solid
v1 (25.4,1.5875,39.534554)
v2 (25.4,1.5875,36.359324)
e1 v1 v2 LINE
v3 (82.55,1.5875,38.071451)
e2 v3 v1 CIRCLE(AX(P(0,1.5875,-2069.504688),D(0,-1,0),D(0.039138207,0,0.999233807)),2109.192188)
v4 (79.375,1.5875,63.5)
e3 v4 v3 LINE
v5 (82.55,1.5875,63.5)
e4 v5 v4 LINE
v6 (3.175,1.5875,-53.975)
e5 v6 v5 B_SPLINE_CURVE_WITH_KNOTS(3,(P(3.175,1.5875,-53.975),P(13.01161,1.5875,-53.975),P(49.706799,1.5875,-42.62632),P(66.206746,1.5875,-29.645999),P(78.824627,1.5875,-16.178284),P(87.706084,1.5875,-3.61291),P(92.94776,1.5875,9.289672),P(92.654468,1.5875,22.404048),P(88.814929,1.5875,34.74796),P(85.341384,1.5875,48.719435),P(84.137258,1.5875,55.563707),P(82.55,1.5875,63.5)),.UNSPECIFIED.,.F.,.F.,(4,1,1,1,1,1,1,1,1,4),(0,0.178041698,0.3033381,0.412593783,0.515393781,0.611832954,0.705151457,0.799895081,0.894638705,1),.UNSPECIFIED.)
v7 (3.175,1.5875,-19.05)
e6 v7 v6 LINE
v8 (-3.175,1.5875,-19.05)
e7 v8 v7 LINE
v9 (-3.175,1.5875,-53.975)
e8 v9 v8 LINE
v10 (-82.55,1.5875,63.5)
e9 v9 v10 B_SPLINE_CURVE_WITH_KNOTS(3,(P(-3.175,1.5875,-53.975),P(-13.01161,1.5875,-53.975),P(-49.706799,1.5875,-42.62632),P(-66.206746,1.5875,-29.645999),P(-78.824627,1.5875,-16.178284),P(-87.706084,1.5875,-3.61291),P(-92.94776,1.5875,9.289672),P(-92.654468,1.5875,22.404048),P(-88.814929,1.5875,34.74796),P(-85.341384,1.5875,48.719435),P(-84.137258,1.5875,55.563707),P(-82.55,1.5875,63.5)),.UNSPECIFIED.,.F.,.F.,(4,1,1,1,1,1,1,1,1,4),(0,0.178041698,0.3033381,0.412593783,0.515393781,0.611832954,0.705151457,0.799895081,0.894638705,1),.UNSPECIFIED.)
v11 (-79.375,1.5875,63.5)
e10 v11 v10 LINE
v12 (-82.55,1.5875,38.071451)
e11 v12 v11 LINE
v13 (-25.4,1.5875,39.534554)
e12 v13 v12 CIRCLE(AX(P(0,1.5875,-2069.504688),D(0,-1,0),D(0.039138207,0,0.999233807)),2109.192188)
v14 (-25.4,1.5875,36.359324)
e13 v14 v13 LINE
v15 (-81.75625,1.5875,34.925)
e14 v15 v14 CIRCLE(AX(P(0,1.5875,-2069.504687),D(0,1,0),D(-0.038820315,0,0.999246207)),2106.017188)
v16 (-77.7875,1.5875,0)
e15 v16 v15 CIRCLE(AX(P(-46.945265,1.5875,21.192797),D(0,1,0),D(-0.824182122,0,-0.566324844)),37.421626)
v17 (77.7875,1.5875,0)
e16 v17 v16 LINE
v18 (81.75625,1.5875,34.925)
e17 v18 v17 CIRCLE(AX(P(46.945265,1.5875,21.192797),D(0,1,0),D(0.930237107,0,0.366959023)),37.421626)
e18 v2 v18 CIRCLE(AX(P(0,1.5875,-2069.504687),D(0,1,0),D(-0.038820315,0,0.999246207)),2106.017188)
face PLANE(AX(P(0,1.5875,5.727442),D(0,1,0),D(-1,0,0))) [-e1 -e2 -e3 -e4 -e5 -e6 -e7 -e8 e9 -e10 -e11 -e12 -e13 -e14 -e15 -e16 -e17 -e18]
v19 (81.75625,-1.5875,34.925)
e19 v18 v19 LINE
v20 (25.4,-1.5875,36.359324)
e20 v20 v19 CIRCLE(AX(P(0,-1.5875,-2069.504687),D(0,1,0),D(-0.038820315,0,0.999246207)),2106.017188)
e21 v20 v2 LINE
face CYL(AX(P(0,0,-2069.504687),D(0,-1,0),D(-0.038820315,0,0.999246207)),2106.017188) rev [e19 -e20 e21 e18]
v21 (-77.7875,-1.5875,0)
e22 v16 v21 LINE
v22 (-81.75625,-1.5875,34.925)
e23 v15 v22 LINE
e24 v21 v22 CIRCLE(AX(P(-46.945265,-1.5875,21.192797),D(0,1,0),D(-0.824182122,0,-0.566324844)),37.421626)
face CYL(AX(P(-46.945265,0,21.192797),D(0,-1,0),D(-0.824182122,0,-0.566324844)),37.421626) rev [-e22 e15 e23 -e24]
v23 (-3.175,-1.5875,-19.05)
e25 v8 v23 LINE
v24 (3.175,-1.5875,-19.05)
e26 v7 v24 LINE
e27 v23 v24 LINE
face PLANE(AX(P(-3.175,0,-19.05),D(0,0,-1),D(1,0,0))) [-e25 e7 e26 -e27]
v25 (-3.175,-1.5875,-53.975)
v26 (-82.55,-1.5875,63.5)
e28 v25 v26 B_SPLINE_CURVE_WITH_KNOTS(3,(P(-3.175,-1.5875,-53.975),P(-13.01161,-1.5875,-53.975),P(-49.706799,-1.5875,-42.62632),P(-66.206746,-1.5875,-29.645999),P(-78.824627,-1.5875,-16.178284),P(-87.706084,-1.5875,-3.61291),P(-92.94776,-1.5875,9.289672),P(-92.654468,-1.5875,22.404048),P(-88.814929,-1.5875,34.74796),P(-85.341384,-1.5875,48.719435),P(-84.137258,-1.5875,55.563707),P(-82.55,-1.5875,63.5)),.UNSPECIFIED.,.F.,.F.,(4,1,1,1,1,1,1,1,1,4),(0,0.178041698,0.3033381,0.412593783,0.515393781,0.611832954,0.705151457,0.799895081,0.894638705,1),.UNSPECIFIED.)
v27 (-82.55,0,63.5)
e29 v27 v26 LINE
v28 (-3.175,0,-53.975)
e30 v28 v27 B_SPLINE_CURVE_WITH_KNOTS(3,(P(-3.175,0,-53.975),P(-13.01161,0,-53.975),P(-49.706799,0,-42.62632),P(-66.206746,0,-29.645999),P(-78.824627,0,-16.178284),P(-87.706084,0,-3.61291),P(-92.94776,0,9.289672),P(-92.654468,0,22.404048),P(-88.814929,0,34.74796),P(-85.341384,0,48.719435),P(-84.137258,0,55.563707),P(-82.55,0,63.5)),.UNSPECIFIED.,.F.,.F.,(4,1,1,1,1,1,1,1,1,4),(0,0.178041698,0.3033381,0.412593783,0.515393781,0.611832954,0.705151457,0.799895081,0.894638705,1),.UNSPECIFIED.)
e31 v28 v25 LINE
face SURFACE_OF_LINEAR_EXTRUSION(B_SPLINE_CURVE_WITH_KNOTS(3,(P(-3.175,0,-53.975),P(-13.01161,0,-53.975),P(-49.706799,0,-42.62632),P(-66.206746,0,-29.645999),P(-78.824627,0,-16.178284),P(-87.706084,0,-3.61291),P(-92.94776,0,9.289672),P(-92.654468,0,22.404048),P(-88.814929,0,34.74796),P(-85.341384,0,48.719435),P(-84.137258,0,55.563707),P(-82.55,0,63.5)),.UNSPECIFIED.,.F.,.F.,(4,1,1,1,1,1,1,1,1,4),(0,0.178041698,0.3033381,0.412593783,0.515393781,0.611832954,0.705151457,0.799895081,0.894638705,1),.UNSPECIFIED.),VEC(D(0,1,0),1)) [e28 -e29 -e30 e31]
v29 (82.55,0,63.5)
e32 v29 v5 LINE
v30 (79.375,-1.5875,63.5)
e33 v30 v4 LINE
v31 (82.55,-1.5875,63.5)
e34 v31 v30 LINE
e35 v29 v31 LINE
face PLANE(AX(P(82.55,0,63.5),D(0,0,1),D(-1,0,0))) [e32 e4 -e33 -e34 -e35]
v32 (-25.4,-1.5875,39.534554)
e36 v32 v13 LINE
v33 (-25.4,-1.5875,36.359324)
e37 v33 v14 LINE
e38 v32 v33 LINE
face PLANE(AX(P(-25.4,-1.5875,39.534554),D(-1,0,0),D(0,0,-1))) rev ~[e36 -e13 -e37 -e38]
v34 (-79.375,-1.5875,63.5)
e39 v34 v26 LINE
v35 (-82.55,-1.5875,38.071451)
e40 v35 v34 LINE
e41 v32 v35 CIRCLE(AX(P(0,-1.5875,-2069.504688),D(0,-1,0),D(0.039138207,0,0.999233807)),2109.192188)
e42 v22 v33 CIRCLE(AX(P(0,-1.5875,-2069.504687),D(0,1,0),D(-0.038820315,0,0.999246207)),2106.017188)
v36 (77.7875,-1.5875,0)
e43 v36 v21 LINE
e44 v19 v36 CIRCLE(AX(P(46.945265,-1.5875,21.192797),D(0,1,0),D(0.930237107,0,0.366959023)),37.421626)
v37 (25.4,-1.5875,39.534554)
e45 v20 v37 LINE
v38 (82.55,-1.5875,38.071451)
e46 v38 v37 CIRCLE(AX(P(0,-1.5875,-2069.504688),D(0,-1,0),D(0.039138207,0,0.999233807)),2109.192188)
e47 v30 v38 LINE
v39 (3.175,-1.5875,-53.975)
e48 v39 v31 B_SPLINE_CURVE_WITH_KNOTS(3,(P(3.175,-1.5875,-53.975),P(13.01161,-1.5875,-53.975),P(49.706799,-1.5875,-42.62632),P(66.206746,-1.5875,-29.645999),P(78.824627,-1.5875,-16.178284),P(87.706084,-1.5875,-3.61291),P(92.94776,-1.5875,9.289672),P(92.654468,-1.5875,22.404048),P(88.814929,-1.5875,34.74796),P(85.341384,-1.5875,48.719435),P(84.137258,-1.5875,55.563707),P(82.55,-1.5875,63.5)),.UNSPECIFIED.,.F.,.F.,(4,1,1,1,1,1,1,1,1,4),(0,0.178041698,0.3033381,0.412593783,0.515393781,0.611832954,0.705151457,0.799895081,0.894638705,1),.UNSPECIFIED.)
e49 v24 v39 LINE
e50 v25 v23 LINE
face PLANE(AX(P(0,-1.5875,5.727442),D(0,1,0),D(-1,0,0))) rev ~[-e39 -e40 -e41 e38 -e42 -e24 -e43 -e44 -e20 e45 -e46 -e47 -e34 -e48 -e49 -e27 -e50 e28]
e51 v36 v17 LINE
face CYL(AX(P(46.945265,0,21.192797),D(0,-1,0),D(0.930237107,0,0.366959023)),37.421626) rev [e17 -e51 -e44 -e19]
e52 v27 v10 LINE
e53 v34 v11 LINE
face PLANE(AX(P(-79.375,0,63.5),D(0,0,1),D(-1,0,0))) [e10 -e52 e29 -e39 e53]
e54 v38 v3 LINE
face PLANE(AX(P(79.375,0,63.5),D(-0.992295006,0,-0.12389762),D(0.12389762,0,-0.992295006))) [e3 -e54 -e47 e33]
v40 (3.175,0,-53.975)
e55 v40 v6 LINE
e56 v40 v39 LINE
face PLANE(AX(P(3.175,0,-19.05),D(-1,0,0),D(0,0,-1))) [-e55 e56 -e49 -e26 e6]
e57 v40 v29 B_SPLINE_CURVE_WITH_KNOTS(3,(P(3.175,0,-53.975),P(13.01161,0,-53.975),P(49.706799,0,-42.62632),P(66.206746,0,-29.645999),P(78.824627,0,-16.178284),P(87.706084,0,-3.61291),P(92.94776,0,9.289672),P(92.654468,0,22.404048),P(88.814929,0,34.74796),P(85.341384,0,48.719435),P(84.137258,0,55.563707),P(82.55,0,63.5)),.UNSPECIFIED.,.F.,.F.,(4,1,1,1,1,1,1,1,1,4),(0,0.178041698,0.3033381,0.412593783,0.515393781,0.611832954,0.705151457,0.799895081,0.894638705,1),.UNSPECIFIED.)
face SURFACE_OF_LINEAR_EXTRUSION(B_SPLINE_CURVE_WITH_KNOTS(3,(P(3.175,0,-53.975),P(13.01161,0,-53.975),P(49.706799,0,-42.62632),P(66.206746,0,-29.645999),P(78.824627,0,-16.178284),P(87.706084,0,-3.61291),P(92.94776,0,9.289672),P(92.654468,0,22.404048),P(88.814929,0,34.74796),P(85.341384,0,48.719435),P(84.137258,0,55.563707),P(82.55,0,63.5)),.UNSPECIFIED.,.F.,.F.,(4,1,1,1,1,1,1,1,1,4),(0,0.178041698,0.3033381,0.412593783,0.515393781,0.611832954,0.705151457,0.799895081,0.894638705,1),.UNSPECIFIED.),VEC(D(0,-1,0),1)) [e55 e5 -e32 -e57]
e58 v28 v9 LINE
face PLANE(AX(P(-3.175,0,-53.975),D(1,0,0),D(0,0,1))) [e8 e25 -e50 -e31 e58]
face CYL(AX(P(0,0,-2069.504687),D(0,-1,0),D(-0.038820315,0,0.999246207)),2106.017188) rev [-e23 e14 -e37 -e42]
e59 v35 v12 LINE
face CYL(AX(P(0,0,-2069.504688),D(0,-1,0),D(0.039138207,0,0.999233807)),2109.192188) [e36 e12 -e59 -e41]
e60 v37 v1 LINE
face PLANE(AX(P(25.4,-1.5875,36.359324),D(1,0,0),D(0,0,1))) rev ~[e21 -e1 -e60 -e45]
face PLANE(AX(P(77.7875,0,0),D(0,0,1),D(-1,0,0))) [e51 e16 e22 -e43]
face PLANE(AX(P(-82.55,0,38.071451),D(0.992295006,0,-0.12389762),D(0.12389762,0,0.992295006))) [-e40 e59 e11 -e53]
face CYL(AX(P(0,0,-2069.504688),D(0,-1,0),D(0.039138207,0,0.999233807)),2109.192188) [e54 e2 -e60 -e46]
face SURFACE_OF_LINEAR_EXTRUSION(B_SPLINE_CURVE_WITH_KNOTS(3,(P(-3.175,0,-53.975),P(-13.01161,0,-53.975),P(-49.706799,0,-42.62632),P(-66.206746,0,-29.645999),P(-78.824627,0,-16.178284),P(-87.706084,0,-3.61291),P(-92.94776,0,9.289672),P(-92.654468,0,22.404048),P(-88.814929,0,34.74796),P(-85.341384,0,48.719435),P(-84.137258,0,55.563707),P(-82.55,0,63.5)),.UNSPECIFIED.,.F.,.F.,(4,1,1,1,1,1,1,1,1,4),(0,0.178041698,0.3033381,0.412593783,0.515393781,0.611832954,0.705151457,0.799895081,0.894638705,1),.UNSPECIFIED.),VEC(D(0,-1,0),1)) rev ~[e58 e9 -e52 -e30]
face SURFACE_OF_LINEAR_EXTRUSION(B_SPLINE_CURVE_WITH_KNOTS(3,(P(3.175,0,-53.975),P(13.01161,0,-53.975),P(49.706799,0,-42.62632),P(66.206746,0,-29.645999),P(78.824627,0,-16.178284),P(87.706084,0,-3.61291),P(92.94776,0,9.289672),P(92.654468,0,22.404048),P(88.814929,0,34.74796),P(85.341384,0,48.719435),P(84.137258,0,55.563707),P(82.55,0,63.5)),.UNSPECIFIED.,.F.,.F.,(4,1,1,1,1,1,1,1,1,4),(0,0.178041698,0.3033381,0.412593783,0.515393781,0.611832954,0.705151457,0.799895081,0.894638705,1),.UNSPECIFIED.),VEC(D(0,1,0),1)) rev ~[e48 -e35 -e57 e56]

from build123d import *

# Parameters (mm, degrees)
F1_DEPTH = 1.5875
F3_DEPTH = 3.1760001


with BuildPart() as f1:
    # F0 (on Front) → F1 (new body, symmetric)
    with BuildSketch(Plane.XZ):
        with BuildLine():
            add(Edge.make_bspline(
                [(-3.175, -53.975), (-13.0116101055, -53.975), (-49.7067985219, -42.626319898), (-66.2067456609, -29.6459992922), (-78.8246268398, -16.1782839927), (-87.7060844154, -3.6129103076), (-92.94775985, 9.2896723873), (-92.6544676036, 22.4040483009), (-88.8149289504, 34.7479602908), (-85.3413838731, 48.7194354035), (-84.1372580078, 55.5637073987), (-82.55, 63.5)],
                knots=[0, 0, 0, 0, 0.1780416984, 0.3033381001, 0.4125937832, 0.5153937809, 0.6118329545, 0.7051514566, 0.7998950808, 0.8946387049, 1, 1, 1, 1], degree=3))
            Line((-3.175, -53.975), (-3.175, -19.05))
            Line((-3.175, -19.05), (0, -19.05))
            Line((0, -19.05), (3.175, -19.05))
            Line((3.175, -19.05), (3.175, -53.975))
            add(Edge.make_bspline(
                [(3.175, -53.975), (13.0116101055, -53.975), (49.7067985219, -42.626319898), (66.2067456609, -29.6459992922), (78.8246268398, -16.1782839927), (87.7060844154, -3.6129103076), (92.94775985, 9.2896723873), (92.6544676036, 22.4040483009), (88.8149289504, 34.7479602908), (85.3413838731, 48.7194354035), (84.1372580078, 55.5637073987), (82.55, 63.5)],
                knots=[0, 0, 0, 0, 0.1780416984, 0.3033381001, 0.4125937832, 0.5153937809, 0.6118329545, 0.7051514566, 0.7998950808, 0.8946387049, 1, 1, 1, 1], degree=3))
            Line((82.55, 63.5), (79.375, 63.5))
            Line((79.375, 63.5), (82.55, 38.071451412))
            ThreePointArc((82.55, 38.071451412), (0, 39.6875), (-82.55, 38.071451412))
            Line((-82.55, 38.071451412), (-79.375, 63.5))
            Line((-79.375, 63.5), (-82.55, 63.5))
        make_face()
        with BuildLine():
            Line((77.7875, 0), (0, 0))
            Line((0, 0), (-77.7875, 0))
            ThreePointArc((-77.7875, 0), (-84.1275891335, 16.9675324848), (-81.75625, 34.925))
            ThreePointArc((-81.75625, 34.925), (0, 36.5125), (81.75625, 34.925))
            ThreePointArc((81.75625, 34.925), (84.1275891335, 16.9675324848), (77.7875, 0))
        make_face(mode=Mode.SUBTRACT)
    extrude(amount=F1_DEPTH, both=True)

    # F2 (on face) → F3 (cut, through all)
    with BuildSketch(Plane.XZ.offset(1.5875)):
        with BuildLine():
            ThreePointArc((25.4, 39.534554385), (0, 39.6875), (-25.4, 39.534554385))
            Line((-25.4, 39.534554385), (-25.4, 36.3593237898))
            Line((-25.4, 36.3593237898), (0, 36.3593237898))
            Line((0, 36.3593237898), (25.4, 36.3593237898))
            Line((25.4, 36.3593237898), (25.4, 39.534554385))
        make_face()
    extrude(amount=-F3_DEPTH, mode=Mode.SUBTRACT)


solid = f1.part
